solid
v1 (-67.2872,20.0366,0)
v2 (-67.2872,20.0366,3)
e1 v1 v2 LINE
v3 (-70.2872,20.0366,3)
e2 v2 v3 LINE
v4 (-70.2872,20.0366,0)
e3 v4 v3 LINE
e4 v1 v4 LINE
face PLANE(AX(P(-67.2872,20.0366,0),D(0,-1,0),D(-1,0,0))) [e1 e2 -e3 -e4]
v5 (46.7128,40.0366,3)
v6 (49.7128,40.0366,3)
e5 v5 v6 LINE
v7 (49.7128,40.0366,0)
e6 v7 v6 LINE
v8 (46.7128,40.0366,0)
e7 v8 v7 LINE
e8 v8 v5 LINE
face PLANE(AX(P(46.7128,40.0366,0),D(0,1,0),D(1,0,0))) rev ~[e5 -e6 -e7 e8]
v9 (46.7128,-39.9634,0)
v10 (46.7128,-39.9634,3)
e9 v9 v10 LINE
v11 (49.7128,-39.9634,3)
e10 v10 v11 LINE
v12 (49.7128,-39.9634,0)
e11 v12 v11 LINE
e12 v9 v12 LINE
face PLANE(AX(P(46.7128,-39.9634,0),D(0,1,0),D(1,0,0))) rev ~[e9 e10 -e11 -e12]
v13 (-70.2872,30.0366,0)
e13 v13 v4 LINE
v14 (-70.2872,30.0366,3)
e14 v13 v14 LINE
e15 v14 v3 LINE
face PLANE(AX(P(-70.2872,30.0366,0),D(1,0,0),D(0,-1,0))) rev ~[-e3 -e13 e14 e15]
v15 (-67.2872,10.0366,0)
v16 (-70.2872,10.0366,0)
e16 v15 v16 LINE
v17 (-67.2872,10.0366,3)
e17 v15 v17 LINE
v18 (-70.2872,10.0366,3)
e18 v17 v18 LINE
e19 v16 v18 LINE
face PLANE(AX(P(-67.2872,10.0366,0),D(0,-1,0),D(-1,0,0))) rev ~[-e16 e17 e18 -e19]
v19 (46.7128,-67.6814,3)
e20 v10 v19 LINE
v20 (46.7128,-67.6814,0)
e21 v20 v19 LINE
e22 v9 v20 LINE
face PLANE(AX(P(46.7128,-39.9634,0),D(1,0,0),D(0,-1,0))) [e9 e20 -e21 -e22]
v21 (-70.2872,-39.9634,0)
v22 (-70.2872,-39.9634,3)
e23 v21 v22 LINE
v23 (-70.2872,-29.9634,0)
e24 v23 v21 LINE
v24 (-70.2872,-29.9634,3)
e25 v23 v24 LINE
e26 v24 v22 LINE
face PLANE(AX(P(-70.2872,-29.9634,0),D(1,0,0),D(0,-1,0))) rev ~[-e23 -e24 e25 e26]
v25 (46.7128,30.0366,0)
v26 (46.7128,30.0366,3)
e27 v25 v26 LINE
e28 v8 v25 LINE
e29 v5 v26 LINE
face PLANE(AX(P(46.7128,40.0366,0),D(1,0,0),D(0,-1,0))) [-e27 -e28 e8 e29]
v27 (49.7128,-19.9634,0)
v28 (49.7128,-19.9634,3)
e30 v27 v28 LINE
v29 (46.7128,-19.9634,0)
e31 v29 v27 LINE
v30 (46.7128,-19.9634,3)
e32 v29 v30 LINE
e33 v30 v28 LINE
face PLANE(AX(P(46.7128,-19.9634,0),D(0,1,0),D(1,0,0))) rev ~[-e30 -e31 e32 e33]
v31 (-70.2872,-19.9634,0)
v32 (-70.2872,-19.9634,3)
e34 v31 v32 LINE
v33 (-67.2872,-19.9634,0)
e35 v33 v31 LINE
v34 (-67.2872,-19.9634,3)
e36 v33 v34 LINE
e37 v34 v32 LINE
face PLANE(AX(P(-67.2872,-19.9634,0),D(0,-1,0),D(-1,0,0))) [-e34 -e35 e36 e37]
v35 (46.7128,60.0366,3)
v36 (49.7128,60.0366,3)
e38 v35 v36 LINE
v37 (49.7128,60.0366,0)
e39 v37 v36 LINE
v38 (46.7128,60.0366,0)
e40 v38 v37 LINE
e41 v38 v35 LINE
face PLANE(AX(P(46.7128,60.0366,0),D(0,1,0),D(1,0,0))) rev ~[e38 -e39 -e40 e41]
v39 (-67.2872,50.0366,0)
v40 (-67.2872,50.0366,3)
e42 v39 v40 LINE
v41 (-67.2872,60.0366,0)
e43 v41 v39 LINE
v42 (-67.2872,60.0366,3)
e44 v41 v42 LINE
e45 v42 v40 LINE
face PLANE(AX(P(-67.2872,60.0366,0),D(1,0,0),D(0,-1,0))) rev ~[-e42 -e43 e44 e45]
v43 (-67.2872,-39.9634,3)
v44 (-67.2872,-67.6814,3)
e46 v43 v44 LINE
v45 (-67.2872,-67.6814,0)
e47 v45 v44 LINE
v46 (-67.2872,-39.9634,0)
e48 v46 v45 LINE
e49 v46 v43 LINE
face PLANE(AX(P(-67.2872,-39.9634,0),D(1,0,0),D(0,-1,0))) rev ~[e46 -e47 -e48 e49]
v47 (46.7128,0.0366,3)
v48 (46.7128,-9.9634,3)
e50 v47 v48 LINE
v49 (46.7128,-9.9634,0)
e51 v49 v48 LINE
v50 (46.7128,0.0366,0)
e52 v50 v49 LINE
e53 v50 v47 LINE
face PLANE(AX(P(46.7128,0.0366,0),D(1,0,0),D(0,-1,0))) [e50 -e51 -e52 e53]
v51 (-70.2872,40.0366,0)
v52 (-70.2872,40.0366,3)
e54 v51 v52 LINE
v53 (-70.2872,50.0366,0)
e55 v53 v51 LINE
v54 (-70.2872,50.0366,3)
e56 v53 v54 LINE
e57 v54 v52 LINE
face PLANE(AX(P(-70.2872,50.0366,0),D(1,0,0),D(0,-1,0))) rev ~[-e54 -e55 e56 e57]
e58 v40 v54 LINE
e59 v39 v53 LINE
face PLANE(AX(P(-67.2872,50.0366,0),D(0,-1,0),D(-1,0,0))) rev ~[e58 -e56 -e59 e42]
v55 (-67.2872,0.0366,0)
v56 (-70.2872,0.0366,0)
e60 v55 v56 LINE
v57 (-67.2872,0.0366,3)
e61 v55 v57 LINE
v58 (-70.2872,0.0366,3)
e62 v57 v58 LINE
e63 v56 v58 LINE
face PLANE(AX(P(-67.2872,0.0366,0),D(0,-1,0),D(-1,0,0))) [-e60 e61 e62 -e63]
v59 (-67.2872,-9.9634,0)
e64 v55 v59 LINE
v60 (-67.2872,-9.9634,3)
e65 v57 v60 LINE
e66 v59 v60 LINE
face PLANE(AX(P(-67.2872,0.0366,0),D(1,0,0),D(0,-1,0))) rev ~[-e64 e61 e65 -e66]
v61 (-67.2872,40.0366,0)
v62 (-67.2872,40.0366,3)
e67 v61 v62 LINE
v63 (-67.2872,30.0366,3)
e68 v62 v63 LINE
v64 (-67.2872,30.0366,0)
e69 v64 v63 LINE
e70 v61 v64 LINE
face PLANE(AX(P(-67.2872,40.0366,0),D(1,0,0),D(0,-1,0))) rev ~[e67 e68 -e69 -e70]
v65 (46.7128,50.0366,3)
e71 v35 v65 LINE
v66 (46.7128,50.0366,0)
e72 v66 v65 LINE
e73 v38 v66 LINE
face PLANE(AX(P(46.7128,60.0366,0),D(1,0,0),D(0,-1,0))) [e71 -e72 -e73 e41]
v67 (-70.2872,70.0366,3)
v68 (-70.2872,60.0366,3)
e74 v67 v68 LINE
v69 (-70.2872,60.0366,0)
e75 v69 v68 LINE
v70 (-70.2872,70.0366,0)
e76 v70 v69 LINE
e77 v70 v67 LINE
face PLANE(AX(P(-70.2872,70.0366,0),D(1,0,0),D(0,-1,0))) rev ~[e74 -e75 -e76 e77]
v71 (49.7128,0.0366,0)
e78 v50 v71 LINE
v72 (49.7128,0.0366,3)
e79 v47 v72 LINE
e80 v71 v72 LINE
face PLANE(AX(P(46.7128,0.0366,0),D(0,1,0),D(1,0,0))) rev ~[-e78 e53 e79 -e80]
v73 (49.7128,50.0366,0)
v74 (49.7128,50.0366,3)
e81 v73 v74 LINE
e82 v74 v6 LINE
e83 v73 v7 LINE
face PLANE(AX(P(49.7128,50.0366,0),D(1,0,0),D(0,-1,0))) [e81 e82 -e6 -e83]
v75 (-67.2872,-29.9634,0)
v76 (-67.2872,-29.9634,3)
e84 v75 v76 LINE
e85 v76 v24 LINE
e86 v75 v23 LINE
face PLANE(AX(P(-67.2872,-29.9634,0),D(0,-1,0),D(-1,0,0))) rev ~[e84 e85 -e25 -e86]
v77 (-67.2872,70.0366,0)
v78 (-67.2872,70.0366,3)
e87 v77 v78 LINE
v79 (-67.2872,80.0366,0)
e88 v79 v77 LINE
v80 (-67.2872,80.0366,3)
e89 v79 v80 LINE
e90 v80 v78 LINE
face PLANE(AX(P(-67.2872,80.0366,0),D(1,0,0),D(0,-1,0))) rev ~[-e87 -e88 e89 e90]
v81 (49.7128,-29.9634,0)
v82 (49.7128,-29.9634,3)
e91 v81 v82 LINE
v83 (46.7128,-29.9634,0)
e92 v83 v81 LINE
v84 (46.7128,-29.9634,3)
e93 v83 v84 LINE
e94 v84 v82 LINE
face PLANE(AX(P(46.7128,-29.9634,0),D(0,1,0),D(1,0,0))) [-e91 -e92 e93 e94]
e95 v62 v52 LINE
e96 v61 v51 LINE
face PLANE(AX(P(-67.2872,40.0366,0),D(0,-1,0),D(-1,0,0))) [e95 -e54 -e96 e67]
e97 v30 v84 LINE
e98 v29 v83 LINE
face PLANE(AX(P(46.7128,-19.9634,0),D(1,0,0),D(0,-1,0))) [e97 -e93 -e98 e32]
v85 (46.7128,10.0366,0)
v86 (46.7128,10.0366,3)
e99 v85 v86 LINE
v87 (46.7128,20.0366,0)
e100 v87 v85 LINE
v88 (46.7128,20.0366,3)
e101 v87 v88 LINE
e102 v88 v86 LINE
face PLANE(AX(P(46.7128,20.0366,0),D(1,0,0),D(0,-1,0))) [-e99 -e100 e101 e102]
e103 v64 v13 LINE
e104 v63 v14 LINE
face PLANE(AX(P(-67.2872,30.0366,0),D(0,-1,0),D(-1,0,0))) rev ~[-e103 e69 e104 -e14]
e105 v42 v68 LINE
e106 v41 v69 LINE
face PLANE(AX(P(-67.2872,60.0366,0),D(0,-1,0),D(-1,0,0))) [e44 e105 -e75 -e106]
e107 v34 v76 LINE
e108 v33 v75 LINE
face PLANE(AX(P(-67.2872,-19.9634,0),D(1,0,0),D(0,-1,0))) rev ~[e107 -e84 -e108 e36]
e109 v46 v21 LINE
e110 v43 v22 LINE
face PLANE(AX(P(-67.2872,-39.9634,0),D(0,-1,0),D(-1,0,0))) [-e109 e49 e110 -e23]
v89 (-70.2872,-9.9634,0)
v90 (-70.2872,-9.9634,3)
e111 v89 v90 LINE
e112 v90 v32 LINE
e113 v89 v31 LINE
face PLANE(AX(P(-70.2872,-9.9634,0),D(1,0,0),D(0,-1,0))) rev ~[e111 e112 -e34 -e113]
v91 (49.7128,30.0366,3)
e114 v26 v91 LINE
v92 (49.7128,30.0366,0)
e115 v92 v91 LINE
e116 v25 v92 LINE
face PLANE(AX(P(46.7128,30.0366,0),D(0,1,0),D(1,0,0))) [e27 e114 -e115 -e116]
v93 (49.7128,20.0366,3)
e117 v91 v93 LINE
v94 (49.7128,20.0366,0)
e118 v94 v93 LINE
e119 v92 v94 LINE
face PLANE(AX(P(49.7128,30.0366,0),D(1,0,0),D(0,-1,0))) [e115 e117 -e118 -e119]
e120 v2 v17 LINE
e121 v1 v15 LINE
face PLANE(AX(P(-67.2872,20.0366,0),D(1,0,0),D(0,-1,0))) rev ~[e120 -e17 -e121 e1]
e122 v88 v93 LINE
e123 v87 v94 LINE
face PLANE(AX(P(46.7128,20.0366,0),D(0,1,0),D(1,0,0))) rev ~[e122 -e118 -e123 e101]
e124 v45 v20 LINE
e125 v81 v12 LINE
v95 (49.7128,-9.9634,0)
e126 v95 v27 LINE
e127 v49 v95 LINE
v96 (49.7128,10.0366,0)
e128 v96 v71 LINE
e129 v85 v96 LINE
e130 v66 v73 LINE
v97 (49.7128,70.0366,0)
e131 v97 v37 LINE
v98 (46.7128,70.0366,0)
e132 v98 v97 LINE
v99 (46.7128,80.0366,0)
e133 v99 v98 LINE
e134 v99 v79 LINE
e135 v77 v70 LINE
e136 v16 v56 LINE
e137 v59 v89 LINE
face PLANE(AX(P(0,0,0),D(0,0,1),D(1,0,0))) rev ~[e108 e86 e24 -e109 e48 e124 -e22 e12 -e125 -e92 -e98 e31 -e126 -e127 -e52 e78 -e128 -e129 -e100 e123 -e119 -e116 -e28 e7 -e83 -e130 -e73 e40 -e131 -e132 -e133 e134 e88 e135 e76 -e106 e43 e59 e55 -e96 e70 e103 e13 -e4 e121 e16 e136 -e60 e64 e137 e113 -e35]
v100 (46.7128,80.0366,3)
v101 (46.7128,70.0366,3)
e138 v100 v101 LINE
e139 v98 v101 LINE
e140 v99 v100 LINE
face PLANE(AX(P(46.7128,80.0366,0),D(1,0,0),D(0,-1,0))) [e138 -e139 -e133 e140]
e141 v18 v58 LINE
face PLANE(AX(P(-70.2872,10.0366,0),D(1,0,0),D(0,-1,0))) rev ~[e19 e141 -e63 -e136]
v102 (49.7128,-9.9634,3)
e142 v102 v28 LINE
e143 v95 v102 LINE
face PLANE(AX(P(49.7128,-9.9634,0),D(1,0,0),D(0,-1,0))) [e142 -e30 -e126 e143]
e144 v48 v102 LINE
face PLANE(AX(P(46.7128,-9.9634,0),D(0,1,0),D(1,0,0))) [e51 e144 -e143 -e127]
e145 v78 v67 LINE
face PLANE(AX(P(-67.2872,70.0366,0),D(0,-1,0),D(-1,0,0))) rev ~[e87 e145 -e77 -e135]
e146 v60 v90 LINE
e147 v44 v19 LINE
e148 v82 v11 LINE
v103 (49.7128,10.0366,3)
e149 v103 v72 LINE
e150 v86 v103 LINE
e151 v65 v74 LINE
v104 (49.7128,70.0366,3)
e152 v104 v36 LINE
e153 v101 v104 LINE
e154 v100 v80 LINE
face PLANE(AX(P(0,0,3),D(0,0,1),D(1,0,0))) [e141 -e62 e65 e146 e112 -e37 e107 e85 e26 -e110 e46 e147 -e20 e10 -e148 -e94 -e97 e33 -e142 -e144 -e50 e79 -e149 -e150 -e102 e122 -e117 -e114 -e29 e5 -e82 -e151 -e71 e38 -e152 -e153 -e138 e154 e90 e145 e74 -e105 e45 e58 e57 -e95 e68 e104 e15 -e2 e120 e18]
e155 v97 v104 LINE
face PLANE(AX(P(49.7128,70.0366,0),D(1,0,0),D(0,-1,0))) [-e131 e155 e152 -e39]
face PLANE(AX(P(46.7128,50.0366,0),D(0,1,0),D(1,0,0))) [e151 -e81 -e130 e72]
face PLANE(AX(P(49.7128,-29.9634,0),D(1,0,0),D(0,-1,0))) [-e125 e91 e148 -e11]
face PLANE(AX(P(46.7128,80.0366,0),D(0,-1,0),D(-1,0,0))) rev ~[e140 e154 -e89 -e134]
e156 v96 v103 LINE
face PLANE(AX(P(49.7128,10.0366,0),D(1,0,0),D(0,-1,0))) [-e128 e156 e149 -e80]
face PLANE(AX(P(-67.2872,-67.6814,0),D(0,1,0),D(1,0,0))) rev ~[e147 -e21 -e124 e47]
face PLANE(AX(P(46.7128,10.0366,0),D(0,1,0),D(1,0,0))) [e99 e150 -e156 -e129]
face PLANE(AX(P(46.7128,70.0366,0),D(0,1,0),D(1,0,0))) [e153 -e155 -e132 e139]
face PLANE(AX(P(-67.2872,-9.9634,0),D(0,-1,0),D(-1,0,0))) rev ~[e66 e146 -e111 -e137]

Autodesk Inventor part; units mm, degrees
ref_plane "YZ Plane" through (0, 0, 0) normal (1, 0, 0) x (0, 1, 0)
ref_plane "XZ Plane" through (0, 0, 0) normal (0, 1, 0) x (-1, 0, 0)
ref_plane "XY Plane" through (0, 0, 0) normal (0, 0, 1) x (1, 0, 0)
sketch "Esquisse1" plane through (0, 0, 0) normal (0, 0, 1) x (1, 0, 0)
  line L0 (46.7128, 20.0366) -> (46.7128, 10.0366)
  line L1 (49.7128, 30.0366) -> (49.7128, 20.0366)
  line L2 (46.7128, 40.0366) -> (46.7128, 30.0366)
  line L3 (49.7128, 50.0366) -> (49.7128, 40.0366)
  line L4 (46.7128, 10.0366) -> (49.7128, 10.0366)
  line L5 (46.7128, 20.0366) -> (49.7128, 20.0366)
  line L6 (46.7128, 30.0366) -> (49.7128, 30.0366)
  line L7 (46.7128, 60.0366) -> (46.7128, 50.0366)
  line L8 (-67.2872, 20.0366) -> (-67.2872, 10.0366)
  line L9 (-67.2872, 20.0366) -> (-70.2872, 20.0366)
  line L10 (-70.2872, 30.0366) -> (-70.2872, 20.0366)
  line L11 (-67.2872, 30.0366) -> (-70.2872, 30.0366)
  line L12 (-67.2872, 40.0366) -> (-67.2872, 30.0366)
  line L13 (-67.2872, 40.0366) -> (-70.2872, 40.0366)
  line L14 (-70.2872, 50.0366) -> (-70.2872, 40.0366)
  line L15 (-67.2872, 50.0366) -> (-70.2872, 50.0366)
  line L16 (-67.2872, 60.0366) -> (-67.2872, 50.0366)
  line L17 (-67.2872, 60.0366) -> (-70.2872, 60.0366)
  line L18 (-70.2872, 70.0366) -> (-70.2872, 60.0366)
  line L19 (-67.2872, 70.0366) -> (-70.2872, 70.0366)
  line L20 (-67.2872, 80.0366) -> (-67.2872, 70.0366)
  line L21 (46.7128, 40.0366) -> (49.7128, 40.0366)
  line L22 (46.7128, 50.0366) -> (49.7128, 50.0366)
  line L23 (46.7128, 60.0366) -> (49.7128, 60.0366)
  line L24 (49.7128, 70.0366) -> (49.7128, 60.0366)
  line L25 (46.7128, 70.0366) -> (49.7128, 70.0366)
  line L26 (46.7128, 80.0366) -> (46.7128, 70.0366)
  line L27 (46.7128, 80.0366) -> (-67.2872, 80.0366)
  line L28 (46.7128, -39.9634) -> (46.7128, -67.6814)
  line L29 (49.7128, -29.9634) -> (49.7128, -39.9634)
  line L30 (46.7128, -19.9634) -> (46.7128, -29.9634)
  line L31 (49.7128, -9.9634) -> (49.7128, -19.9634)
  line L32 (46.7128, 0.0366) -> (46.7128, -9.9634)
  line L33 (49.7128, 10.0366) -> (49.7128, 0.0366)
  line L34 (46.7128, -39.9634) -> (49.7128, -39.9634)
  line L35 (46.7128, -29.9634) -> (49.7128, -29.9634)
  line L36 (46.7128, -19.9634) -> (49.7128, -19.9634)
  line L37 (46.7128, -9.9634) -> (49.7128, -9.9634)
  line L38 (46.7128, 0.0366) -> (49.7128, 0.0366)
  line L39 (-70.2872, 10.0366) -> (-70.2872, 0.0366)
  line L40 (-67.2872, 0.0366) -> (-70.2872, 0.0366)
  line L41 (-67.2872, 0.0366) -> (-67.2872, -9.9634)
  line L42 (-67.2872, -9.9634) -> (-70.2872, -9.9634)
  line L43 (-67.2872, -67.6814) -> (46.7128, -67.6814)
  line L44 (-70.2872, -9.9634) -> (-70.2872, -19.9634)
  line L45 (-67.2872, -19.9634) -> (-70.2872, -19.9634)
  line L46 (-67.2872, -19.9634) -> (-67.2872, -29.9634)
  line L47 (-67.2872, -29.9634) -> (-70.2872, -29.9634)
  line L48 (-70.2872, -29.9634) -> (-70.2872, -39.9634)
  line L49 (-67.2872, -39.9634) -> (-70.2872, -39.9634)
  line L50 (-67.2872, -39.9634) -> (-67.2872, -67.6814)
  line L51 (-67.2872, 10.0366) -> (-70.2872, 10.0366)
  point P0 (0, 0)
extrude "Extrusion1" add sketch "Esquisse1" along normal blind 3
properties part number "Avant"
